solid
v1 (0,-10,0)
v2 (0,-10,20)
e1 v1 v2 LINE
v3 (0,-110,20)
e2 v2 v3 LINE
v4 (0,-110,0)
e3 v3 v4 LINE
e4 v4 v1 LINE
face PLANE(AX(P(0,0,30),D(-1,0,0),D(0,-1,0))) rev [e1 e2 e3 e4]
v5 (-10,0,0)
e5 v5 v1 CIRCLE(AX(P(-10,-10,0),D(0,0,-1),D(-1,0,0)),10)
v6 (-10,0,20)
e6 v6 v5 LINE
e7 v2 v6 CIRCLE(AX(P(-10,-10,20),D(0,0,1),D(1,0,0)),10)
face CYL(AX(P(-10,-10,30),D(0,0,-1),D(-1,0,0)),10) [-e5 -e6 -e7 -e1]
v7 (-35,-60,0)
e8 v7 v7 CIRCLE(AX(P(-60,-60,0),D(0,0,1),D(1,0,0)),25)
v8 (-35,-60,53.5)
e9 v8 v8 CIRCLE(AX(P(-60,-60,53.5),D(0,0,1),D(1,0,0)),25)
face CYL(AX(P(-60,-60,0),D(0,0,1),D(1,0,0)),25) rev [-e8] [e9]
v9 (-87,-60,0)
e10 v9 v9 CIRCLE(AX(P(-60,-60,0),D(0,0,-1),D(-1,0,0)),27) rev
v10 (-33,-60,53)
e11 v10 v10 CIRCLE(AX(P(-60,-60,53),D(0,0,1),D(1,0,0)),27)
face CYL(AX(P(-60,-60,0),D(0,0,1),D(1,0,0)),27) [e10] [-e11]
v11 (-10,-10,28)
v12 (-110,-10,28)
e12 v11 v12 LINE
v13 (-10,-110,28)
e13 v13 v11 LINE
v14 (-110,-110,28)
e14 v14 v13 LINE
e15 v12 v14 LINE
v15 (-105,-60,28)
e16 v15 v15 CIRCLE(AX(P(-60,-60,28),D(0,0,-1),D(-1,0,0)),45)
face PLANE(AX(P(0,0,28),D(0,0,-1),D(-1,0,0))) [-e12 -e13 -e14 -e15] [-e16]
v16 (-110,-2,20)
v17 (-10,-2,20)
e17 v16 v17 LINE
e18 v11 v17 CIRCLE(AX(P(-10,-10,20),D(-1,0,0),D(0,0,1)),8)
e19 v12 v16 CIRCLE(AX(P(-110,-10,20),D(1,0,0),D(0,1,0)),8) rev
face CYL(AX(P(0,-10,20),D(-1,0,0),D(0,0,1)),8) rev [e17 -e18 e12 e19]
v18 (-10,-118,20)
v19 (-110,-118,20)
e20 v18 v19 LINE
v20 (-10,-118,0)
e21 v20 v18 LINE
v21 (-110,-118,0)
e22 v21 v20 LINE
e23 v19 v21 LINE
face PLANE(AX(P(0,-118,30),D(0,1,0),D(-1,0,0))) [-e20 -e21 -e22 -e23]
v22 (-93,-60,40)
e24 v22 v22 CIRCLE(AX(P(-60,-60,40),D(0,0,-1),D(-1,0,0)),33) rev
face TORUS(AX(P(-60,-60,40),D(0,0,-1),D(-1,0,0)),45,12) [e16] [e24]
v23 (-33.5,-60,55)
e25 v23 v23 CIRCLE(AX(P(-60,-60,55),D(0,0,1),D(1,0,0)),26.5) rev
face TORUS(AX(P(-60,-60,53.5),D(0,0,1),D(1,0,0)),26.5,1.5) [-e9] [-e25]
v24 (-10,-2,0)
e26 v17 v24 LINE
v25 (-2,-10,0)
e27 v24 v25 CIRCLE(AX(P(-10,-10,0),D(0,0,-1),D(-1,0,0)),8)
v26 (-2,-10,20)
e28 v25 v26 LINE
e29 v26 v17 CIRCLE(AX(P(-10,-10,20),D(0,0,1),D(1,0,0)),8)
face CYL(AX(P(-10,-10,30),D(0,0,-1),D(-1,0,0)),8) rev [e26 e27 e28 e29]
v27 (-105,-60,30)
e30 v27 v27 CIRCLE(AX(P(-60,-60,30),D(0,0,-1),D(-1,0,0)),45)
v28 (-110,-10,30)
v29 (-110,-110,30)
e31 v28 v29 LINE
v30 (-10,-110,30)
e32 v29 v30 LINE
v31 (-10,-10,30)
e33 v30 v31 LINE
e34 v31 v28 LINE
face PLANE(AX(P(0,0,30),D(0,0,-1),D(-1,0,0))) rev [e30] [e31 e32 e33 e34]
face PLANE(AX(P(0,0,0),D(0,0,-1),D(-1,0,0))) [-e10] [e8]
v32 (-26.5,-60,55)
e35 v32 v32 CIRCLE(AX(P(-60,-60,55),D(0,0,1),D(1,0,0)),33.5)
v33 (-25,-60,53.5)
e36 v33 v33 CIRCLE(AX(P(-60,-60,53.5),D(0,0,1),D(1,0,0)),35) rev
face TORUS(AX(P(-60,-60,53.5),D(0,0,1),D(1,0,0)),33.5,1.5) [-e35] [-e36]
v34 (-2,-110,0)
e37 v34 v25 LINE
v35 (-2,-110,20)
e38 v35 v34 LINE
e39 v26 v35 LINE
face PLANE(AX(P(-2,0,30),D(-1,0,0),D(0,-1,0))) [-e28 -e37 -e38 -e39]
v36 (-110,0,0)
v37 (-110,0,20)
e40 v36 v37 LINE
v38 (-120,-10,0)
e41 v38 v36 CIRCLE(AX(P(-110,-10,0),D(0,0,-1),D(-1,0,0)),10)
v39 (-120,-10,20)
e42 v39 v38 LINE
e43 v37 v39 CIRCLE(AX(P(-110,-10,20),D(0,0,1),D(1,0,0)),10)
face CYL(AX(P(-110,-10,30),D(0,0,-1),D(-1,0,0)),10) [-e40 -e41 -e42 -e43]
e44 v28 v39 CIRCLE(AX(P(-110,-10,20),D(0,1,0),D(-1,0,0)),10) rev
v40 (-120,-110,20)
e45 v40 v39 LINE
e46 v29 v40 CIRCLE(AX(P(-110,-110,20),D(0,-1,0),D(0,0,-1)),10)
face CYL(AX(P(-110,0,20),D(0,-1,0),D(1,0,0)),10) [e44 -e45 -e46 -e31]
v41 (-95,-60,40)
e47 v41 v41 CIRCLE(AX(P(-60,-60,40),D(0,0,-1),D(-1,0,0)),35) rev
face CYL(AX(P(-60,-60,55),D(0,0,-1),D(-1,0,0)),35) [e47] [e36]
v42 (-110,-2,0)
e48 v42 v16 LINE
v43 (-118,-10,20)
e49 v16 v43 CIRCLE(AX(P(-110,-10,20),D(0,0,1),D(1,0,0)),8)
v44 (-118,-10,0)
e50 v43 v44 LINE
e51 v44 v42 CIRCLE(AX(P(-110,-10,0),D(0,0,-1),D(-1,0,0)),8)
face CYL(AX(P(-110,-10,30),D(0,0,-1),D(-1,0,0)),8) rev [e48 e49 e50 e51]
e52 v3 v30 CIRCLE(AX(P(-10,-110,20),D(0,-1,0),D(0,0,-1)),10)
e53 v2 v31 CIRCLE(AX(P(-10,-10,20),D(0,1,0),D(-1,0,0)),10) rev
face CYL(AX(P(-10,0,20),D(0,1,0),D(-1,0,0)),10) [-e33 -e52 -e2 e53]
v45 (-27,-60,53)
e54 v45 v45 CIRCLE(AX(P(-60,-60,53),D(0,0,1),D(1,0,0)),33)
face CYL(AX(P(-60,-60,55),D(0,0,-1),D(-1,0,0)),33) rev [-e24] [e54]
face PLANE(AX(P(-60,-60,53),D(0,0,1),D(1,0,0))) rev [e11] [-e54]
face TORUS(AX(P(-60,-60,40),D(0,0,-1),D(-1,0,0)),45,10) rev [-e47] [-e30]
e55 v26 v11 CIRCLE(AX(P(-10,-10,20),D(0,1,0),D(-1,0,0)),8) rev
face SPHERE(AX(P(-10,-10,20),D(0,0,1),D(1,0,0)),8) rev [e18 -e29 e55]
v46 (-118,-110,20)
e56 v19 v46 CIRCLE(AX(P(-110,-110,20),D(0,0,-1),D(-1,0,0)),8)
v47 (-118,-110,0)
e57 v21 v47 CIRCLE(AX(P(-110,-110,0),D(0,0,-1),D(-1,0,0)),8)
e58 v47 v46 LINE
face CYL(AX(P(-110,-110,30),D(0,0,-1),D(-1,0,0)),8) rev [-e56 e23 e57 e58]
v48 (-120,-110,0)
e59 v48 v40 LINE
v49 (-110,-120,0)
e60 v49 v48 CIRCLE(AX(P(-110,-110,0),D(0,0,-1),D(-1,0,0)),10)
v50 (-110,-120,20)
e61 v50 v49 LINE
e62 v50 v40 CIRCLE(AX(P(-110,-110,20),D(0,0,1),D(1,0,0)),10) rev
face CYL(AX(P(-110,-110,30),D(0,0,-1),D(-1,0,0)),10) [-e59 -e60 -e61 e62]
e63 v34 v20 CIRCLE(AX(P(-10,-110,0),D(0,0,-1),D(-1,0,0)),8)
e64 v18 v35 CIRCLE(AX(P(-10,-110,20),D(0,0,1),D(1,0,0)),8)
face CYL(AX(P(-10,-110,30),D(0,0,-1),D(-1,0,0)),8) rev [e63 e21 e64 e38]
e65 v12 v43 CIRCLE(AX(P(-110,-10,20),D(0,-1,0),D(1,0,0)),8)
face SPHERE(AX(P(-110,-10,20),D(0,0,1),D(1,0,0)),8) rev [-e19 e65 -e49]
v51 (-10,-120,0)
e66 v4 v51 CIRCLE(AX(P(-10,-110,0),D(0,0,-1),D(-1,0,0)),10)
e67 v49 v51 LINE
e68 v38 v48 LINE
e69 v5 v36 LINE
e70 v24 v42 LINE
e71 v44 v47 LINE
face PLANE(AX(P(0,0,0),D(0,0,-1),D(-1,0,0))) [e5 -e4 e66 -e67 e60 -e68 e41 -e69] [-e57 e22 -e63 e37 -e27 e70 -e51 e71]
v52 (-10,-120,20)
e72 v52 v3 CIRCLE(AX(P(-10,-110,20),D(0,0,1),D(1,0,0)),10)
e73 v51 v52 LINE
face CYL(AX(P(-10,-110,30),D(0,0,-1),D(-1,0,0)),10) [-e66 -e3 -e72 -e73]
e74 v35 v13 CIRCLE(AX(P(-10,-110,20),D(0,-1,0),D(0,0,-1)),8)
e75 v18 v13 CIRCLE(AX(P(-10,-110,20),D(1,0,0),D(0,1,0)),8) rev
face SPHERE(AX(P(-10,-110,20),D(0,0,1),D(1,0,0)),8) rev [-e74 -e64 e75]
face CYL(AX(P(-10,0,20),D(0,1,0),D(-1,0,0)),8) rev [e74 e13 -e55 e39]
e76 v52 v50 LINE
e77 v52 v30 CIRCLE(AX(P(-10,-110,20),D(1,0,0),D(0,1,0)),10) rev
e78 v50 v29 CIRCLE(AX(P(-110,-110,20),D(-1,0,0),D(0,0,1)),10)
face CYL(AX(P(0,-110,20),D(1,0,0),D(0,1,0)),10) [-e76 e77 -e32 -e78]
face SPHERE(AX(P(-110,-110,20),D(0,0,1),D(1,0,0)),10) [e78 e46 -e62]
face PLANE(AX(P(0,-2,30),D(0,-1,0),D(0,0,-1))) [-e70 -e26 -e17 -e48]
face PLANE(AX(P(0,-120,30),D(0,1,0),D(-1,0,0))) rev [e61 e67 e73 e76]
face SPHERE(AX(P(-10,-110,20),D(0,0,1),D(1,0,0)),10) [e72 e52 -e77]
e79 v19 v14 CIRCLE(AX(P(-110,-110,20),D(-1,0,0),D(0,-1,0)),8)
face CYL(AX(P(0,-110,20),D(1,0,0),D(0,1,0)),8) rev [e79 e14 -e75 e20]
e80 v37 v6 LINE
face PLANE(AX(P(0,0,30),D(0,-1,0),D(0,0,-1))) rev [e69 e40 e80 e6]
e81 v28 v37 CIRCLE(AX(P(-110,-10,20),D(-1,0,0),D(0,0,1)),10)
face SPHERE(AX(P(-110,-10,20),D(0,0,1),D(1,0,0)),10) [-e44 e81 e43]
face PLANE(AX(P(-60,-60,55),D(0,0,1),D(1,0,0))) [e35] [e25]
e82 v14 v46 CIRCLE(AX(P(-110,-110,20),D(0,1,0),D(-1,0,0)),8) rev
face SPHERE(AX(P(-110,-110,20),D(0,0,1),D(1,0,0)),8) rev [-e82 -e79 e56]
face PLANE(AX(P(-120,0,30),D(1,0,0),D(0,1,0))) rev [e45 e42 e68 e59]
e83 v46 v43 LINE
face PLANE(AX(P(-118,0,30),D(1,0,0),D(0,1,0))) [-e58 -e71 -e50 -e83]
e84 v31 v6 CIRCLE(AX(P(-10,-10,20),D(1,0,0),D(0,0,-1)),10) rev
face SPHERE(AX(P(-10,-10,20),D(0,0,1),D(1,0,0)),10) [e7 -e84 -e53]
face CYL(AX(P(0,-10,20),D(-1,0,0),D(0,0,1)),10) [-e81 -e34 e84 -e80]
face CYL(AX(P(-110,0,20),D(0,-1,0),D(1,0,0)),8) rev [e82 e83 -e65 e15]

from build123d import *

# Parameters (mm, degrees)
SKETCH1_W           = 120
SKETCH1_H           = 120
BOSS_EXTRUDE1_DEPTH = 30
SKETCH2_R           = 35
BOSS_EXTRUDE2_DEPTH = 25
SKETCH3_R           = 25
CUT_EXTRUDE1_DEPTH  = 179.395627749
FILLET1_R           = 10
FILLET2_R           = 1.5
SHELL1_T            = -2


with BuildPart() as part:
    # Sketch1 → Boss-Extrude1 (new body)
    with BuildSketch(Plane.XY):
        with Locations((-60, -60)):
            Rectangle(SKETCH1_W, SKETCH1_H)
    extrude(amount=BOSS_EXTRUDE1_DEPTH)

    # Sketch2 → Boss-Extrude2 (add)
    with BuildSketch(Plane.XY.offset(30)):
        with Locations((-60, -60)):
            Circle(SKETCH2_R)
    extrude(amount=BOSS_EXTRUDE2_DEPTH)

    # Sketch3 → Cut-Extrude1 (cut, through all)
    with BuildSketch(Plane.XY.offset(55)):
        with Locations((-60, -60)):
            Circle(SKETCH3_R)
    extrude(amount=-CUT_EXTRUDE1_DEPTH, mode=Mode.SUBTRACT)

    # Fillet1
    fillet1_edges = [part.edges().sort_by_distance(p)[0] for p in [
        (-120, -60, 30),
        (-95, -60, 30),
        (-60, -120, 30),
        (0, -60, 30),
        (0, -120, 15),
        (-120, -120, 15),
        (-120, 0, 15),
        (0, 0, 15),
        (-60, 0, 30),
    ]]
    fillet(fillet1_edges, radius=FILLET1_R)

    # Fillet2
    fillet2_edges = [part.edges().sort_by_distance(p)[0] for p in [
        (-95, -60, 55),
        (-85, -60, 55),
    ]]
    fillet(fillet2_edges, radius=FILLET2_R)

    # Shell1
    shell1_openings = [part.faces().sort_by_distance(p)[0] for p in [
        (-60, -1.697056275, 0),
    ]]
    offset(amount=SHELL1_T, openings=shell1_openings, kind=Kind.INTERSECTION)


solid = part.part
